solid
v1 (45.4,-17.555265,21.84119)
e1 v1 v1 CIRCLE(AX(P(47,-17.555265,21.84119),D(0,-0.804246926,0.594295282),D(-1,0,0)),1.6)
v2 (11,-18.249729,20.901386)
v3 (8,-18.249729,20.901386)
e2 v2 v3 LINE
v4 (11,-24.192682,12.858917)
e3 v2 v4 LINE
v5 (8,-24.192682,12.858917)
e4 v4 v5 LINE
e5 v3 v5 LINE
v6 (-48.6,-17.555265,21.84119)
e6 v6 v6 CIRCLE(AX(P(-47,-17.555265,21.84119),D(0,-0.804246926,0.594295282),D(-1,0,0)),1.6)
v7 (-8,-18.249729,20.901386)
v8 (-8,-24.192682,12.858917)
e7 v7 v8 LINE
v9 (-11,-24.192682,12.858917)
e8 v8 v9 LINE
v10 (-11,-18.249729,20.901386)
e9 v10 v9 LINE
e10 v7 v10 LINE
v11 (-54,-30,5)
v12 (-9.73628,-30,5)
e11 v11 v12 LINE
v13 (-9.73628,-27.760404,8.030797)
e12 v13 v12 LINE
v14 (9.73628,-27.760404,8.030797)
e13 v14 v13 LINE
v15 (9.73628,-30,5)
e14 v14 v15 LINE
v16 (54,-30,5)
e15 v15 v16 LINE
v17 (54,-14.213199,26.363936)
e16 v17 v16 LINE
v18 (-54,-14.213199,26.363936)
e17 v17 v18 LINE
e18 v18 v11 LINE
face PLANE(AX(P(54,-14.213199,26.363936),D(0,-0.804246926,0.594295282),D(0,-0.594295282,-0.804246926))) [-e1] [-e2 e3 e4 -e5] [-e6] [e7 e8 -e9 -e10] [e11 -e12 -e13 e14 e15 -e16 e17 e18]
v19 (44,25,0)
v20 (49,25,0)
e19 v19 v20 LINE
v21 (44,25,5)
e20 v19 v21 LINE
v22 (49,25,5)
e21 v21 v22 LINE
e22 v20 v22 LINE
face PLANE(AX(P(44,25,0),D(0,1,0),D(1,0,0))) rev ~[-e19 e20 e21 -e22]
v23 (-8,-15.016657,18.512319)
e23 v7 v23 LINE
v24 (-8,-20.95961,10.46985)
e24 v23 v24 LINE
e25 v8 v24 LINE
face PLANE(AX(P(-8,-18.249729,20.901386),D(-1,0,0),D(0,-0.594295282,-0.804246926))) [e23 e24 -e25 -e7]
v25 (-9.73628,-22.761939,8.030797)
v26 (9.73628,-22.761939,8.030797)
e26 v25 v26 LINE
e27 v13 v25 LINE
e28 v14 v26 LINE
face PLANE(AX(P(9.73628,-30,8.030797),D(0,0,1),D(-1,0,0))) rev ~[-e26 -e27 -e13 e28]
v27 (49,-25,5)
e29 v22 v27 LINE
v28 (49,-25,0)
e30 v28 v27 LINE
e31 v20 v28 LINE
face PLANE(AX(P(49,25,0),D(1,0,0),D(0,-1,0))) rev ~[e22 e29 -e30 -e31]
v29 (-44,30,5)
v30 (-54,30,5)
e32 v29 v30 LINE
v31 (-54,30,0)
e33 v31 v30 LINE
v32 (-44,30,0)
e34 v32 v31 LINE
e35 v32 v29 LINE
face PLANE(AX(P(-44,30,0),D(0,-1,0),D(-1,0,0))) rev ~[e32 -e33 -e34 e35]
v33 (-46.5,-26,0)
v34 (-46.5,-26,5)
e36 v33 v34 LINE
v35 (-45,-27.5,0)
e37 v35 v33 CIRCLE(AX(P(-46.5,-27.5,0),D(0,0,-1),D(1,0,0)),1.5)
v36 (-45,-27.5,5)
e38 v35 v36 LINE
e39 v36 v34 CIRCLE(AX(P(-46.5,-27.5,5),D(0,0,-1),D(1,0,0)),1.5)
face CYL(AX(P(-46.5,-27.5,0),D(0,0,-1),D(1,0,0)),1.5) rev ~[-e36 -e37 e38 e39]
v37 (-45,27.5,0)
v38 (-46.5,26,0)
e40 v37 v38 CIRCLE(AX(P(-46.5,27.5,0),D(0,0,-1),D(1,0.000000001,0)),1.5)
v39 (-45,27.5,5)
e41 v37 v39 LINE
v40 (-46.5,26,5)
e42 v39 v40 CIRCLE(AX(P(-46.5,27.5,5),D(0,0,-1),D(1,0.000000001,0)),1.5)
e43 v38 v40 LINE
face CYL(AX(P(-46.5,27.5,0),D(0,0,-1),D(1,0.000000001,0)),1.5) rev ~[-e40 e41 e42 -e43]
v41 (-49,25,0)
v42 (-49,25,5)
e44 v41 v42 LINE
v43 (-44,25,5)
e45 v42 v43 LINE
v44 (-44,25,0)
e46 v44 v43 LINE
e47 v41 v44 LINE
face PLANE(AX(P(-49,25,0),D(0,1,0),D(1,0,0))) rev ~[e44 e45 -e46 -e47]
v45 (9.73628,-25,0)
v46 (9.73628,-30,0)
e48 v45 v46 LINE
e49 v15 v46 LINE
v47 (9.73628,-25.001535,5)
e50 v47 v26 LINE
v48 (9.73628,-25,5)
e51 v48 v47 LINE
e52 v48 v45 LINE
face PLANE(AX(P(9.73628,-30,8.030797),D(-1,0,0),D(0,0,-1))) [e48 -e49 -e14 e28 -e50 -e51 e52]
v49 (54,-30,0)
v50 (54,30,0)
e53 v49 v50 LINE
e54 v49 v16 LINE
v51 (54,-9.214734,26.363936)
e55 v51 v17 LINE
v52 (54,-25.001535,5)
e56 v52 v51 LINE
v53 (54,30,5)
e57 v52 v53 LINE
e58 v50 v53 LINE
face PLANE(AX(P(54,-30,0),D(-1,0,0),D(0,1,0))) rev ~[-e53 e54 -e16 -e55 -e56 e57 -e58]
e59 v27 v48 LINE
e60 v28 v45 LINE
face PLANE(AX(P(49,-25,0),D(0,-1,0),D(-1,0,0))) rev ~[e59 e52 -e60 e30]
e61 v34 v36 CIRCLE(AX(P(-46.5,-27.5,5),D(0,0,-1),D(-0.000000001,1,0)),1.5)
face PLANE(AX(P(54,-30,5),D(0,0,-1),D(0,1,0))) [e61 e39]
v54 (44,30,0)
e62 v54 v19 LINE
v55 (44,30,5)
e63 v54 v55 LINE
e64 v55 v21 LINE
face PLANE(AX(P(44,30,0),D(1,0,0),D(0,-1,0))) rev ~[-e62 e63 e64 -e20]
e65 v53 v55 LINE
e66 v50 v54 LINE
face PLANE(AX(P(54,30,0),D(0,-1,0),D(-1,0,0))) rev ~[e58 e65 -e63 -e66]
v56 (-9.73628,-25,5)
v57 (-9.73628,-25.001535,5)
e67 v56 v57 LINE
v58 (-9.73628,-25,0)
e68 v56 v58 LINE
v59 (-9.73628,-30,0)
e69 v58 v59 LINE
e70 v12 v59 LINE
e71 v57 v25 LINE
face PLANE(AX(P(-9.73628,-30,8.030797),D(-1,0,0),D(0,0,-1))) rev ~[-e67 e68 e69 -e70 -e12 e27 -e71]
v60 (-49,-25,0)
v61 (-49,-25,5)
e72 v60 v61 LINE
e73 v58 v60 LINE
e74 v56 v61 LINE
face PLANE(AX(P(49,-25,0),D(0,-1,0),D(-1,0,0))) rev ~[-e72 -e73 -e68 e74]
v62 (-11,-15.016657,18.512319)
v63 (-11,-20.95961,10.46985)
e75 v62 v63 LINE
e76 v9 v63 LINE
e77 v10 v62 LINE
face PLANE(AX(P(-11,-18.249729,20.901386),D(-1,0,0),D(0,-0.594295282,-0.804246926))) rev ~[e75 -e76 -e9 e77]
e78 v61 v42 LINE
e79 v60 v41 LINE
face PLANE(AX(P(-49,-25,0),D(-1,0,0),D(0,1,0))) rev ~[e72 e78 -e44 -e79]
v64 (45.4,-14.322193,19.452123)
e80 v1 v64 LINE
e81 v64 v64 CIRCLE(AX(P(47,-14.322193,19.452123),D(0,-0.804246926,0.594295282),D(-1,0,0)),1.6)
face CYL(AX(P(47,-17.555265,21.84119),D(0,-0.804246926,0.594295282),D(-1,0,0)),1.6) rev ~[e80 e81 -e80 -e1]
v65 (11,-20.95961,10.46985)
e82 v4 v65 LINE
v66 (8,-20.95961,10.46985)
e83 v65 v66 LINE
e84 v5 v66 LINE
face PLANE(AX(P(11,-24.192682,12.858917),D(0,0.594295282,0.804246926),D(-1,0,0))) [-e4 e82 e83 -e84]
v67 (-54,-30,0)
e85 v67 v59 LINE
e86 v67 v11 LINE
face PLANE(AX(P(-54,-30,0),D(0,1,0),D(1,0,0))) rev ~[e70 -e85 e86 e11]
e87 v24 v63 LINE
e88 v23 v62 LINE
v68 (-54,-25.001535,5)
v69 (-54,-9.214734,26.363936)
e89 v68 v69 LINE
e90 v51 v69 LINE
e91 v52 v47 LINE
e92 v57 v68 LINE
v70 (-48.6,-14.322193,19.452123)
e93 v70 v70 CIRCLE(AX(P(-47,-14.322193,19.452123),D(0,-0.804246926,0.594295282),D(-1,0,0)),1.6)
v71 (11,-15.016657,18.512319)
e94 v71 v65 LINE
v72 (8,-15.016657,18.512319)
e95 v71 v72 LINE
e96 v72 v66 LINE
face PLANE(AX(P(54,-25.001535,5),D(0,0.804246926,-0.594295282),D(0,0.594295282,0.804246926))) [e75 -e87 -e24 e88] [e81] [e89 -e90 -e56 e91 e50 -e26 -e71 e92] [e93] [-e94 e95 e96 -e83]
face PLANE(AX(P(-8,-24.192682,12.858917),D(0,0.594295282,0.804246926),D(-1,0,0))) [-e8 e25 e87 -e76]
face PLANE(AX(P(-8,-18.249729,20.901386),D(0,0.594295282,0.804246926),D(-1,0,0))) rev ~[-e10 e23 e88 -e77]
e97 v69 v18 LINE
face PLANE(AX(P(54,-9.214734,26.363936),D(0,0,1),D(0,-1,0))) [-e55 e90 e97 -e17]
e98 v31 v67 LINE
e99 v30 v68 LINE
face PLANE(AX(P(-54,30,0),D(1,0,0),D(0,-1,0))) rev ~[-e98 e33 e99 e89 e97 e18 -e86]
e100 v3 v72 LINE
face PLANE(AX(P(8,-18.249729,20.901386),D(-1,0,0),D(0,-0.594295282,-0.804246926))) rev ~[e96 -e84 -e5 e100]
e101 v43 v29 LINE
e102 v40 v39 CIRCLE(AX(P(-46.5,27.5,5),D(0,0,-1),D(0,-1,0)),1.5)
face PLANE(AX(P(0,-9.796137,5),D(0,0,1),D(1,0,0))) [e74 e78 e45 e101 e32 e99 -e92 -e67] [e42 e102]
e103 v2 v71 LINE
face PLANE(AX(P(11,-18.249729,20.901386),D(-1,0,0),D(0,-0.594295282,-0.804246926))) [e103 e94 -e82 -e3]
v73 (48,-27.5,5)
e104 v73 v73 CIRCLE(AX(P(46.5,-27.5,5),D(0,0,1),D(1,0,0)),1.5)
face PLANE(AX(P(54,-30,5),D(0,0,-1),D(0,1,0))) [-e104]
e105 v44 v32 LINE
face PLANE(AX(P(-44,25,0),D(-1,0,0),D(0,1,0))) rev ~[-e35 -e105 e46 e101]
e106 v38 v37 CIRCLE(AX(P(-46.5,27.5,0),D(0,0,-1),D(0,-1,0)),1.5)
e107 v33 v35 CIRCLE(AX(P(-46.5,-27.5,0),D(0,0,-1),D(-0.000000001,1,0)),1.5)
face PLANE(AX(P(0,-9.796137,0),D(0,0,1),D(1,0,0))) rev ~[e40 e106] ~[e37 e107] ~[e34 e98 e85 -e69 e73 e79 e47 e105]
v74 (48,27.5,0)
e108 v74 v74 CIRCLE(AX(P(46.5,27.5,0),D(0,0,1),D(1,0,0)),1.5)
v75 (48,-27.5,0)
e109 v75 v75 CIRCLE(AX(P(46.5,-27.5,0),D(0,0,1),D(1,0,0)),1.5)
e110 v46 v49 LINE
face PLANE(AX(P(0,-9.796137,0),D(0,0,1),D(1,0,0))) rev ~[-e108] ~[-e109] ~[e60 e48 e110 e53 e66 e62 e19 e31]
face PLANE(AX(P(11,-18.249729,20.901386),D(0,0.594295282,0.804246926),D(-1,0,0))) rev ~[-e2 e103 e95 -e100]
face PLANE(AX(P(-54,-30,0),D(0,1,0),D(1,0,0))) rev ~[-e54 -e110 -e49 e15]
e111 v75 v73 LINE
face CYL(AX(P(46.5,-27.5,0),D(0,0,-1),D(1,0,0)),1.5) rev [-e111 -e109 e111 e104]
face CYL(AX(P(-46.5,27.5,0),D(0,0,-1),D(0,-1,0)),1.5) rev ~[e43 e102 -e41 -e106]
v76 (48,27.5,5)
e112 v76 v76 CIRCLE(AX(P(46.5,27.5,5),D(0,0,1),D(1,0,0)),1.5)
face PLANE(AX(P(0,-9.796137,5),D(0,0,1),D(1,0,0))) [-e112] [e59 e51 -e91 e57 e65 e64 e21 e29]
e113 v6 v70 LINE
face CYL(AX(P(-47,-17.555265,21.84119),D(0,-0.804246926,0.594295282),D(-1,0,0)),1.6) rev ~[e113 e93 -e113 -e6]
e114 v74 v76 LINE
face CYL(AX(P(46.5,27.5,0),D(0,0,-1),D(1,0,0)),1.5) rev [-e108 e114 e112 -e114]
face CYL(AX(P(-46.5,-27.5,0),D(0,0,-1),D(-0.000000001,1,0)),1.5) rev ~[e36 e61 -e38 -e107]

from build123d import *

# Parameters (mm, degrees)
SKETCH3_R           = 1.5
BOSS_EXTRUDE2_DEPTH = 5
BOSS_EXTRUDE3_DEPTH = 108
CUT_EXTRUDE1_REACH  = 53.226
SKETCH5_R           = 1.6
CUT_EXTRUDE2_REACH  = 53.226
SKETCH6_W           = 3
SKETCH6_H           = 10
SKETCH7_W           = 19.472559222
SKETCH7_H           = 21.170747527
CUT_EXTRUDE3_DEPTH  = 61


with BuildPart() as part:
    # Sketch3 → Boss-Extrude2 (new body)
    with BuildSketch(Plane.XY):
        Polygon((-49, 25), (-44, 25), (-44, 30), (-49, 30), (-54, 30), (-54, 25), (-54, -25), (-54, -30), (-49, -30), (-44, -30), (44, -30), (49, -30), (54, -30), (54, -25), (54, 25), (54, 30), (49, 30), (44, 30), (44, 25), (49, 25), (49, -25), (44, -25), (-44, -25), (-49, -25), align=None)
        with BuildLine():
            ThreePointArc((-46.5, -26), (-45.439339828, -26.439339828), (-45, -27.5))
            ThreePointArc((-45, -27.5), (-47.560660172, -28.560660172), (-46.5, -26))
        make_face(mode=Mode.SUBTRACT)
        with Locations((46.5, -27.5)):
            Circle(SKETCH3_R, mode=Mode.SUBTRACT)
        with BuildLine():
            ThreePointArc((-45, 27.5), (-45.439339828, 26.439339828), (-46.5, 26))
            ThreePointArc((-46.5, 26), (-47.560660172, 28.560660172), (-45, 27.5))
        make_face(mode=Mode.SUBTRACT)
        with Locations((46.5, 27.5)):
            Circle(SKETCH3_R, mode=Mode.SUBTRACT)
    extrude(amount=BOSS_EXTRUDE2_DEPTH)

    # Sketch4 → Boss-Extrude3 (add)
    with BuildSketch(Plane(origin=(54, 0, 0), x_dir=(0, 0, -1), z_dir=(1, 0, 0))):
        Polygon((-5, -30), (-5, -25.001535135), (-26.363936199, -9.214733726), (-26.363936199, -14.213198591), align=None)
    extrude(amount=-BOSS_EXTRUDE3_DEPTH)

    # Sketch5 → Cut-Extrude1 (cut, up to next)
    with BuildSketch(Plane(origin=(0, -21.794194287, 16.104739027), x_dir=(-1, 0, 0), z_dir=(0, -0.804246926, 0.594295282)), mode=Mode.PRIVATE) as cut_extrude1_sk1:
        with Locations((47, -7.13269846)):
            Circle(SKETCH5_R)
    cut_extrude1_tool1 = extrude(cut_extrude1_sk1.sketch, amount=-CUT_EXTRUDE1_REACH, mode=Mode.PRIVATE) & part.part
    add(cut_extrude1_tool1.solids().sort_by_distance((-47, -17.555265, 21.84119))[0], mode=Mode.SUBTRACT)
    # Sketch5 → Cut-Extrude1 (cut, up to next)
    with BuildSketch(Plane(origin=(0, -21.794194287, 16.104739027), x_dir=(-1, 0, 0), z_dir=(0, -0.804246926, 0.594295282)), mode=Mode.PRIVATE) as cut_extrude1_sk2:
        with Locations((-47, -7.13269846)):
            Circle(SKETCH5_R)
    cut_extrude1_tool2 = extrude(cut_extrude1_sk2.sketch, amount=-CUT_EXTRUDE1_REACH, mode=Mode.PRIVATE) & part.part
    add(cut_extrude1_tool2.solids().sort_by_distance((47, -17.555265, 21.84119))[0], mode=Mode.SUBTRACT)

    # Sketch6 → Cut-Extrude2 (cut, up to next)
    with BuildSketch(Plane(origin=(0, -21.794194287, 16.104739027), x_dir=(-1, 0, 0), z_dir=(0, -0.804246926, 0.594295282)), mode=Mode.PRIVATE) as cut_extrude2_sk1:
        with Locations((-9.5, -0.964147651)):
            Rectangle(SKETCH6_W, SKETCH6_H)
    cut_extrude2_tool1 = extrude(cut_extrude2_sk1.sketch, amount=-CUT_EXTRUDE2_REACH, mode=Mode.PRIVATE) & part.part
    add(cut_extrude2_tool1.solids().sort_by_distance((9.5, -21.221206, 16.880152))[0], mode=Mode.SUBTRACT)
    # Sketch6 → Cut-Extrude2 (cut, up to next)
    with BuildSketch(Plane(origin=(0, -21.794194287, 16.104739027), x_dir=(-1, 0, 0), z_dir=(0, -0.804246926, 0.594295282)), mode=Mode.PRIVATE) as cut_extrude2_sk2:
        with Locations((9.5, -0.964147651)):
            Rectangle(SKETCH6_W, SKETCH6_H)
    cut_extrude2_tool2 = extrude(cut_extrude2_sk2.sketch, amount=-CUT_EXTRUDE2_REACH, mode=Mode.PRIVATE) & part.part
    add(cut_extrude2_tool2.solids().sort_by_distance((-9.5, -21.221206, 16.880152))[0], mode=Mode.SUBTRACT)

    # Sketch7 → Cut-Extrude3 (cut, through all)
    with BuildSketch(Plane(origin=(0, -30, 0), x_dir=(-1, 0, 0), z_dir=(0, -1, 0))):
        with Locations((0, 2.554576853)):
            Rectangle(SKETCH7_W, SKETCH7_H)
    extrude(amount=-CUT_EXTRUDE3_DEPTH, mode=Mode.SUBTRACT)


solid = part.part
